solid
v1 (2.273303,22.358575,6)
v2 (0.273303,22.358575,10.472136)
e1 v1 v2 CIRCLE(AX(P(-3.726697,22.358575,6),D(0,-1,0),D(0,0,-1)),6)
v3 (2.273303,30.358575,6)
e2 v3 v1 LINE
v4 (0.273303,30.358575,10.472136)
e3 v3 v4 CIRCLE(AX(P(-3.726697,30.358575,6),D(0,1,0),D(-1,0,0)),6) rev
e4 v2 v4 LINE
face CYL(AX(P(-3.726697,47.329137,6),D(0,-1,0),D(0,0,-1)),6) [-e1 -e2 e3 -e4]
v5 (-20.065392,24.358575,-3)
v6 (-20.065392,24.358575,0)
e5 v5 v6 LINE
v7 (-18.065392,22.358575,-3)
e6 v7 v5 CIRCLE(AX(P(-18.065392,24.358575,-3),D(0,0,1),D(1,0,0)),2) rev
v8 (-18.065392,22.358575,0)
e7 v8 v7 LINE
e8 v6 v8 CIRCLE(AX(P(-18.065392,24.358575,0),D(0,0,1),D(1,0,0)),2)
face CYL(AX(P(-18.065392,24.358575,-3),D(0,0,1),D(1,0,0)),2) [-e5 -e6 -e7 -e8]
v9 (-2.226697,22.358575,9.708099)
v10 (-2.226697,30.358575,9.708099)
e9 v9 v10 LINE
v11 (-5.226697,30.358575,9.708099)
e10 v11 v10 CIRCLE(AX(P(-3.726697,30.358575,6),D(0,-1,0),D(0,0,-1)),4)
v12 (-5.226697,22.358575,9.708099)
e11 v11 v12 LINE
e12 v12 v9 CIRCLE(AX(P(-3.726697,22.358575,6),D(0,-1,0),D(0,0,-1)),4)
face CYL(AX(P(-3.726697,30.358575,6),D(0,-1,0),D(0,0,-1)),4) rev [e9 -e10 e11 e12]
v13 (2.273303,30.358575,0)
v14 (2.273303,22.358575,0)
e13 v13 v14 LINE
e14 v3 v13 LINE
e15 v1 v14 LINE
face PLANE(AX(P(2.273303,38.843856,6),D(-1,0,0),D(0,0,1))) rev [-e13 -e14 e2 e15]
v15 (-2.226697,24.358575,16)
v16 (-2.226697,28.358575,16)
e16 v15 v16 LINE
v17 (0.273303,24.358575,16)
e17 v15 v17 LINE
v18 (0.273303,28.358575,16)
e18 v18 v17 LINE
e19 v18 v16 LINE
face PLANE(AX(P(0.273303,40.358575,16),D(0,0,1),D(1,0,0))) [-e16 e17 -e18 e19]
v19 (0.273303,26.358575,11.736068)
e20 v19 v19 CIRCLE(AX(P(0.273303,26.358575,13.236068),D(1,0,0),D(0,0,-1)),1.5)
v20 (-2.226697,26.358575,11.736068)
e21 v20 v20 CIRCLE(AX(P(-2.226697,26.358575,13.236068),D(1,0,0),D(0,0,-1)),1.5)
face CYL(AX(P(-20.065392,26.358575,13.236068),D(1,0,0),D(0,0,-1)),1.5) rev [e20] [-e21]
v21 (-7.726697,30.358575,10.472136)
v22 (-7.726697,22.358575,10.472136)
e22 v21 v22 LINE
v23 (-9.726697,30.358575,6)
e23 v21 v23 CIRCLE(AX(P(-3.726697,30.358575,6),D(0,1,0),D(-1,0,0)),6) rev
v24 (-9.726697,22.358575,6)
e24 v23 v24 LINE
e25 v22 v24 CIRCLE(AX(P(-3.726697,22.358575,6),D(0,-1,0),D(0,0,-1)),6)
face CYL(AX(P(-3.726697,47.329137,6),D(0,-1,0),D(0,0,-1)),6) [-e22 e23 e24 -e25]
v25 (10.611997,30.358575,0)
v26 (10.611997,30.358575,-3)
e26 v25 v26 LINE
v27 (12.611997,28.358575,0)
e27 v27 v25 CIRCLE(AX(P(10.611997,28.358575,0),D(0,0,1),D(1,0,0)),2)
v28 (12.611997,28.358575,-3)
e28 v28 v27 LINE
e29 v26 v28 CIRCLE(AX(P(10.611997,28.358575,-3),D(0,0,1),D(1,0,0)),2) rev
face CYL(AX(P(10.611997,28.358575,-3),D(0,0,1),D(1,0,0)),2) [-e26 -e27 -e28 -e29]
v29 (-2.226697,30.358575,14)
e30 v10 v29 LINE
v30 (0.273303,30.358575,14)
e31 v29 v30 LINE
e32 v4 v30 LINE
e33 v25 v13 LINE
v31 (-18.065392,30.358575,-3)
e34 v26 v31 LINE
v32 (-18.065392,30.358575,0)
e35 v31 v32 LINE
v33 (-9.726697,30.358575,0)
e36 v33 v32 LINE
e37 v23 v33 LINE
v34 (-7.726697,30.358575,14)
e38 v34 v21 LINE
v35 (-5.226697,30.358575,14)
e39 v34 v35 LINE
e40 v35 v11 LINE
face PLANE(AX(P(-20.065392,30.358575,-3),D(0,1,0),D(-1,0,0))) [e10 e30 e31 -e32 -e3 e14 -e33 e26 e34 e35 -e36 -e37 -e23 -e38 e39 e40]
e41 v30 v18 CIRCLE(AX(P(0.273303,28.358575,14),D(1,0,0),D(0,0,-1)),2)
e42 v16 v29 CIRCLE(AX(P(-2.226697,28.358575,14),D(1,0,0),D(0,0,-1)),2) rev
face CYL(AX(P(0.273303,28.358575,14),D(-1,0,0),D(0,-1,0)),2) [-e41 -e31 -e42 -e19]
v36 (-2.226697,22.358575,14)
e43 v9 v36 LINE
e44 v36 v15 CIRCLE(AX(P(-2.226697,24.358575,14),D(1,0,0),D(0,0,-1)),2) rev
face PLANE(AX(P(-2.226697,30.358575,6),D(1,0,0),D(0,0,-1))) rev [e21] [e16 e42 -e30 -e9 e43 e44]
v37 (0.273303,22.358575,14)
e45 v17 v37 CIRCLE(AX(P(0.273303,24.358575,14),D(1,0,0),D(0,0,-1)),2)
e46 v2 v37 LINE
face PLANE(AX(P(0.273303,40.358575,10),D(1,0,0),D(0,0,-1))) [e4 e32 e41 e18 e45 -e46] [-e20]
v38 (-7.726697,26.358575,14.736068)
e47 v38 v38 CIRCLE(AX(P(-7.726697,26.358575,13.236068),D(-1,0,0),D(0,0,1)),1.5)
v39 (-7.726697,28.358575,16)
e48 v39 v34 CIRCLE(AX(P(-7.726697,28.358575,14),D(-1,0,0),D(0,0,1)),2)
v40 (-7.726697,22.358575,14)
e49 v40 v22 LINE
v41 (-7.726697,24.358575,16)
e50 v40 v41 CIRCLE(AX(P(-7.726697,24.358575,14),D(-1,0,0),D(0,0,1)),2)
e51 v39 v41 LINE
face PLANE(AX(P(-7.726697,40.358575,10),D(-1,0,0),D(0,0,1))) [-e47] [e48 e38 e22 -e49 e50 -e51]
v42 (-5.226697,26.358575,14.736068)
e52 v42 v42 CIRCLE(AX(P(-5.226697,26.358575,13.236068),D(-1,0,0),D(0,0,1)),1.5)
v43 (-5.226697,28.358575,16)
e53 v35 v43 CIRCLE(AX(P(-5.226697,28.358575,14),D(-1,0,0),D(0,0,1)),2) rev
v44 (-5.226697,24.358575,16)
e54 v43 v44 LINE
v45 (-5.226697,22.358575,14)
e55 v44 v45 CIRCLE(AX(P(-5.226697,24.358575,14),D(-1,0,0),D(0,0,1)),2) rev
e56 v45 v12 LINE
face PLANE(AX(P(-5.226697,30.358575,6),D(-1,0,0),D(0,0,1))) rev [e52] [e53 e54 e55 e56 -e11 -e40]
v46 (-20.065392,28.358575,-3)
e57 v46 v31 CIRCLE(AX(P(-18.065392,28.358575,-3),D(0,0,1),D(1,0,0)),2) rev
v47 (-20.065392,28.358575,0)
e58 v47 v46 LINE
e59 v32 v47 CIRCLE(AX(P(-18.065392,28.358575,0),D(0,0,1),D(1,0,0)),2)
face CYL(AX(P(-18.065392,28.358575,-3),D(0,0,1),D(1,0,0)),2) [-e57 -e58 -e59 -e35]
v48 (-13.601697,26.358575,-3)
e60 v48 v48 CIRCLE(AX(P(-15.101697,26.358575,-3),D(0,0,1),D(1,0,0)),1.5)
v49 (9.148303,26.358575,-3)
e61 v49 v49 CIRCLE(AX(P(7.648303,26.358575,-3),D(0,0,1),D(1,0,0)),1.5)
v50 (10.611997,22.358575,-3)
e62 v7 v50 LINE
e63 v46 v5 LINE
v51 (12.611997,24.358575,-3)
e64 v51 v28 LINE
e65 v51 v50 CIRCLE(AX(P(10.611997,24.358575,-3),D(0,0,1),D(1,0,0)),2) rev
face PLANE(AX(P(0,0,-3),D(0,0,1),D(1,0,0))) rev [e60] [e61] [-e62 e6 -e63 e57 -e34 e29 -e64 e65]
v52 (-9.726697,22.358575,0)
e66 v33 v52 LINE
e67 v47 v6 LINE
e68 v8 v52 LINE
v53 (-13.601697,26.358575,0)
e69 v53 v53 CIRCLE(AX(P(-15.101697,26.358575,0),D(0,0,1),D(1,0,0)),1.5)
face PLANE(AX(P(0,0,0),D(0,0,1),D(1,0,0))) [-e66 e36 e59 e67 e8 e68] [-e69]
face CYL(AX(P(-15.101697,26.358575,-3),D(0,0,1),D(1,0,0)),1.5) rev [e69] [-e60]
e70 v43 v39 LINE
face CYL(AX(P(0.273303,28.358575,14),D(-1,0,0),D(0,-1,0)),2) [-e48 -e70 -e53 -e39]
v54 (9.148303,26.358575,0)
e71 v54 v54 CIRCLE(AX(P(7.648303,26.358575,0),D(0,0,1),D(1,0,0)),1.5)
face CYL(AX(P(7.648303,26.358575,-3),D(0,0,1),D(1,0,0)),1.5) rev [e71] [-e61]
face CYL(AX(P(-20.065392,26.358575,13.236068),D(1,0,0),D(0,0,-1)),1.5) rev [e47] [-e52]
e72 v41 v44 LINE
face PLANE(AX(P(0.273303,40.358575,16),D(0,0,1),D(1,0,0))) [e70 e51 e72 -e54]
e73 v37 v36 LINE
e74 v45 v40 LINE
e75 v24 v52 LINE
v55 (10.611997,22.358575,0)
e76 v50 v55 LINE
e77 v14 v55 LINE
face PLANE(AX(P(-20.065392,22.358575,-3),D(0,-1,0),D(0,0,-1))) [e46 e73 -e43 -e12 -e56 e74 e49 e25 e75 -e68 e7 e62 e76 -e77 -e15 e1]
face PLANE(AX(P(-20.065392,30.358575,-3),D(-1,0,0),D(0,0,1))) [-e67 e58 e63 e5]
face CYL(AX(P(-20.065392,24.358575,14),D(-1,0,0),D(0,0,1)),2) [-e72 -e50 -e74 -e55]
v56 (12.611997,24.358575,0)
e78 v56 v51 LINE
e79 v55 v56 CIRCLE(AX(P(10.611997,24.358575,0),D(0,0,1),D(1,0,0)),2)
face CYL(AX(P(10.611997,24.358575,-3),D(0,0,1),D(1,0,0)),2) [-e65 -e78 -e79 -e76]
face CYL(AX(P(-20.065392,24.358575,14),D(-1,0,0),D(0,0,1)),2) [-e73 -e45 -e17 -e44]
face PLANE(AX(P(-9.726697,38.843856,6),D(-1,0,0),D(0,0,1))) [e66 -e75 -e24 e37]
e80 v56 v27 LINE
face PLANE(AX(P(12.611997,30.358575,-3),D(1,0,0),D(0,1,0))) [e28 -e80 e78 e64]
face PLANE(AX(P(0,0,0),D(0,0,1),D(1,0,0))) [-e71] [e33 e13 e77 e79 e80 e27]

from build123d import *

# Parameters (mm, degrees)
SKETCH_1_W          = 32.677388302
SKETCH_1_H          = 8
EXTRUDE_1_DEPTH     = 3
SKETCH_2_R          = 1.5
CUT_EXTRUDE_1_DEPTH = 4
SKETCH_3_R          = 6
EXTRUDE_2_DEPTH     = 8
SKETCH_4_R          = 4
CUT_EXTRUDE_2_DEPTH = 9
EXTRUDE_3_DEPTH     = 8
SKETCH_6_W          = 8
SKETCH_6_H          = 6
EXTRUDE_4_DEPTH     = 8
SKETCH_8_W          = 3
SKETCH_8_H          = 10.466633743
CUT_EXTRUDE_5_DEPTH = 9
SKETCH_9_R          = 1.5
CUT_EXTRUDE_6_DEPTH = 21.338694151
FILLET_1_R          = 2
FILLET_2_R          = 2


with BuildPart() as part:
    # 草图1 → 凸台-拉伸1 (new body)
    with BuildSketch(Plane.XY):
        with Locations((-3.726697353, 26.358574689)):
            Rectangle(SKETCH_1_W, SKETCH_1_H)
    extrude(amount=-EXTRUDE_1_DEPTH)

    # 草图2 → 切除-拉伸1 (cut, through all)
    with BuildSketch(Plane.XY):
        with Locations((-15.101697353, 26.358574689)):
            Circle(SKETCH_2_R)
        with Locations((7.648302647, 26.358574689)):
            Circle(SKETCH_2_R)
    extrude(amount=-CUT_EXTRUDE_1_DEPTH, mode=Mode.SUBTRACT)



with BuildPart() as body_2:
    # 草图3 → 凸台-拉伸2 (new body)
    with BuildSketch(Plane.XZ.offset(-22.358574689)):
        with Locations((-3.726697353, 6)):
            Circle(SKETCH_3_R)
    extrude(amount=-EXTRUDE_2_DEPTH)

    # 草图4 → 切除-拉伸2 (cut, through all)
    with BuildSketch(Plane.XZ.offset(-22.358574689)):
        with Locations((-3.726697353, 6)):
            Circle(SKETCH_4_R)
    extrude(amount=-CUT_EXTRUDE_2_DEPTH, mode=Mode.SUBTRACT)


with BuildPart() as part_1:
    add(part.part)

    add(body_2.part)  # 凸台-拉伸3 merges body 2
    # 草图5 → 凸台-拉伸3 (add)
    with BuildSketch(Plane.XZ.offset(-22.358574689)):
        Polygon((-3.726697353, 0), (-9.726697353, 6), (-9.726697353, 0), align=None)
        Polygon((2.273302647, 6), (-3.726697353, 0), (2.273302647, 0), align=None)
    extrude(amount=-EXTRUDE_3_DEPTH)

    # 草图6 → 凸台-拉伸4 (add)
    with BuildSketch(Plane.XZ.offset(-22.358574689)):
        with Locations((-3.726697353, 13)):
            Rectangle(SKETCH_6_W, SKETCH_6_H)
    extrude(amount=-EXTRUDE_4_DEPTH)

    # 草图8 → 切除-拉伸5 (cut, through all)
    with BuildSketch(Plane.XZ.offset(-22.358574689)):
        with Locations((-3.726697353, 11.233316872)):
            Rectangle(SKETCH_8_W, SKETCH_8_H)
    extrude(amount=-CUT_EXTRUDE_5_DEPTH, mode=Mode.SUBTRACT)

    # 草图9 → 切除-拉伸6 (cut, through all)
    with BuildSketch(Plane(origin=(0.273302647, 0, 0), x_dir=(0, 0, -1), z_dir=(1, 0, 0))):
        with Locations((-13.236067977, 26.358574689)):
            Circle(SKETCH_9_R)
    extrude(amount=-CUT_EXTRUDE_6_DEPTH, mode=Mode.SUBTRACT)

    # 圆角1
    fillet_1_edges = [part_1.edges().sort_by_distance(p)[0] for p in [
        (12.611996798, 22.358574689, -1.5),
        (-20.065391504, 22.358574689, -1.5),
        (-20.065391504, 30.358574689, -1.5),
        (12.611996798, 30.358574689, -1.5),
    ]]
    fillet(fillet_1_edges, radius=FILLET_1_R)

    # 圆角2
    fillet_2_edges = [part_1.edges().sort_by_distance(p)[0] for p in [
        (-0.976697353, 22.358574689, 16),
        (-0.976697353, 30.358574689, 16),
        (-6.476697353, 30.358574689, 16),
        (-6.476697353, 22.358574689, 16),
    ]]
    fillet(fillet_2_edges, radius=FILLET_2_R)


solid = part_1.part
